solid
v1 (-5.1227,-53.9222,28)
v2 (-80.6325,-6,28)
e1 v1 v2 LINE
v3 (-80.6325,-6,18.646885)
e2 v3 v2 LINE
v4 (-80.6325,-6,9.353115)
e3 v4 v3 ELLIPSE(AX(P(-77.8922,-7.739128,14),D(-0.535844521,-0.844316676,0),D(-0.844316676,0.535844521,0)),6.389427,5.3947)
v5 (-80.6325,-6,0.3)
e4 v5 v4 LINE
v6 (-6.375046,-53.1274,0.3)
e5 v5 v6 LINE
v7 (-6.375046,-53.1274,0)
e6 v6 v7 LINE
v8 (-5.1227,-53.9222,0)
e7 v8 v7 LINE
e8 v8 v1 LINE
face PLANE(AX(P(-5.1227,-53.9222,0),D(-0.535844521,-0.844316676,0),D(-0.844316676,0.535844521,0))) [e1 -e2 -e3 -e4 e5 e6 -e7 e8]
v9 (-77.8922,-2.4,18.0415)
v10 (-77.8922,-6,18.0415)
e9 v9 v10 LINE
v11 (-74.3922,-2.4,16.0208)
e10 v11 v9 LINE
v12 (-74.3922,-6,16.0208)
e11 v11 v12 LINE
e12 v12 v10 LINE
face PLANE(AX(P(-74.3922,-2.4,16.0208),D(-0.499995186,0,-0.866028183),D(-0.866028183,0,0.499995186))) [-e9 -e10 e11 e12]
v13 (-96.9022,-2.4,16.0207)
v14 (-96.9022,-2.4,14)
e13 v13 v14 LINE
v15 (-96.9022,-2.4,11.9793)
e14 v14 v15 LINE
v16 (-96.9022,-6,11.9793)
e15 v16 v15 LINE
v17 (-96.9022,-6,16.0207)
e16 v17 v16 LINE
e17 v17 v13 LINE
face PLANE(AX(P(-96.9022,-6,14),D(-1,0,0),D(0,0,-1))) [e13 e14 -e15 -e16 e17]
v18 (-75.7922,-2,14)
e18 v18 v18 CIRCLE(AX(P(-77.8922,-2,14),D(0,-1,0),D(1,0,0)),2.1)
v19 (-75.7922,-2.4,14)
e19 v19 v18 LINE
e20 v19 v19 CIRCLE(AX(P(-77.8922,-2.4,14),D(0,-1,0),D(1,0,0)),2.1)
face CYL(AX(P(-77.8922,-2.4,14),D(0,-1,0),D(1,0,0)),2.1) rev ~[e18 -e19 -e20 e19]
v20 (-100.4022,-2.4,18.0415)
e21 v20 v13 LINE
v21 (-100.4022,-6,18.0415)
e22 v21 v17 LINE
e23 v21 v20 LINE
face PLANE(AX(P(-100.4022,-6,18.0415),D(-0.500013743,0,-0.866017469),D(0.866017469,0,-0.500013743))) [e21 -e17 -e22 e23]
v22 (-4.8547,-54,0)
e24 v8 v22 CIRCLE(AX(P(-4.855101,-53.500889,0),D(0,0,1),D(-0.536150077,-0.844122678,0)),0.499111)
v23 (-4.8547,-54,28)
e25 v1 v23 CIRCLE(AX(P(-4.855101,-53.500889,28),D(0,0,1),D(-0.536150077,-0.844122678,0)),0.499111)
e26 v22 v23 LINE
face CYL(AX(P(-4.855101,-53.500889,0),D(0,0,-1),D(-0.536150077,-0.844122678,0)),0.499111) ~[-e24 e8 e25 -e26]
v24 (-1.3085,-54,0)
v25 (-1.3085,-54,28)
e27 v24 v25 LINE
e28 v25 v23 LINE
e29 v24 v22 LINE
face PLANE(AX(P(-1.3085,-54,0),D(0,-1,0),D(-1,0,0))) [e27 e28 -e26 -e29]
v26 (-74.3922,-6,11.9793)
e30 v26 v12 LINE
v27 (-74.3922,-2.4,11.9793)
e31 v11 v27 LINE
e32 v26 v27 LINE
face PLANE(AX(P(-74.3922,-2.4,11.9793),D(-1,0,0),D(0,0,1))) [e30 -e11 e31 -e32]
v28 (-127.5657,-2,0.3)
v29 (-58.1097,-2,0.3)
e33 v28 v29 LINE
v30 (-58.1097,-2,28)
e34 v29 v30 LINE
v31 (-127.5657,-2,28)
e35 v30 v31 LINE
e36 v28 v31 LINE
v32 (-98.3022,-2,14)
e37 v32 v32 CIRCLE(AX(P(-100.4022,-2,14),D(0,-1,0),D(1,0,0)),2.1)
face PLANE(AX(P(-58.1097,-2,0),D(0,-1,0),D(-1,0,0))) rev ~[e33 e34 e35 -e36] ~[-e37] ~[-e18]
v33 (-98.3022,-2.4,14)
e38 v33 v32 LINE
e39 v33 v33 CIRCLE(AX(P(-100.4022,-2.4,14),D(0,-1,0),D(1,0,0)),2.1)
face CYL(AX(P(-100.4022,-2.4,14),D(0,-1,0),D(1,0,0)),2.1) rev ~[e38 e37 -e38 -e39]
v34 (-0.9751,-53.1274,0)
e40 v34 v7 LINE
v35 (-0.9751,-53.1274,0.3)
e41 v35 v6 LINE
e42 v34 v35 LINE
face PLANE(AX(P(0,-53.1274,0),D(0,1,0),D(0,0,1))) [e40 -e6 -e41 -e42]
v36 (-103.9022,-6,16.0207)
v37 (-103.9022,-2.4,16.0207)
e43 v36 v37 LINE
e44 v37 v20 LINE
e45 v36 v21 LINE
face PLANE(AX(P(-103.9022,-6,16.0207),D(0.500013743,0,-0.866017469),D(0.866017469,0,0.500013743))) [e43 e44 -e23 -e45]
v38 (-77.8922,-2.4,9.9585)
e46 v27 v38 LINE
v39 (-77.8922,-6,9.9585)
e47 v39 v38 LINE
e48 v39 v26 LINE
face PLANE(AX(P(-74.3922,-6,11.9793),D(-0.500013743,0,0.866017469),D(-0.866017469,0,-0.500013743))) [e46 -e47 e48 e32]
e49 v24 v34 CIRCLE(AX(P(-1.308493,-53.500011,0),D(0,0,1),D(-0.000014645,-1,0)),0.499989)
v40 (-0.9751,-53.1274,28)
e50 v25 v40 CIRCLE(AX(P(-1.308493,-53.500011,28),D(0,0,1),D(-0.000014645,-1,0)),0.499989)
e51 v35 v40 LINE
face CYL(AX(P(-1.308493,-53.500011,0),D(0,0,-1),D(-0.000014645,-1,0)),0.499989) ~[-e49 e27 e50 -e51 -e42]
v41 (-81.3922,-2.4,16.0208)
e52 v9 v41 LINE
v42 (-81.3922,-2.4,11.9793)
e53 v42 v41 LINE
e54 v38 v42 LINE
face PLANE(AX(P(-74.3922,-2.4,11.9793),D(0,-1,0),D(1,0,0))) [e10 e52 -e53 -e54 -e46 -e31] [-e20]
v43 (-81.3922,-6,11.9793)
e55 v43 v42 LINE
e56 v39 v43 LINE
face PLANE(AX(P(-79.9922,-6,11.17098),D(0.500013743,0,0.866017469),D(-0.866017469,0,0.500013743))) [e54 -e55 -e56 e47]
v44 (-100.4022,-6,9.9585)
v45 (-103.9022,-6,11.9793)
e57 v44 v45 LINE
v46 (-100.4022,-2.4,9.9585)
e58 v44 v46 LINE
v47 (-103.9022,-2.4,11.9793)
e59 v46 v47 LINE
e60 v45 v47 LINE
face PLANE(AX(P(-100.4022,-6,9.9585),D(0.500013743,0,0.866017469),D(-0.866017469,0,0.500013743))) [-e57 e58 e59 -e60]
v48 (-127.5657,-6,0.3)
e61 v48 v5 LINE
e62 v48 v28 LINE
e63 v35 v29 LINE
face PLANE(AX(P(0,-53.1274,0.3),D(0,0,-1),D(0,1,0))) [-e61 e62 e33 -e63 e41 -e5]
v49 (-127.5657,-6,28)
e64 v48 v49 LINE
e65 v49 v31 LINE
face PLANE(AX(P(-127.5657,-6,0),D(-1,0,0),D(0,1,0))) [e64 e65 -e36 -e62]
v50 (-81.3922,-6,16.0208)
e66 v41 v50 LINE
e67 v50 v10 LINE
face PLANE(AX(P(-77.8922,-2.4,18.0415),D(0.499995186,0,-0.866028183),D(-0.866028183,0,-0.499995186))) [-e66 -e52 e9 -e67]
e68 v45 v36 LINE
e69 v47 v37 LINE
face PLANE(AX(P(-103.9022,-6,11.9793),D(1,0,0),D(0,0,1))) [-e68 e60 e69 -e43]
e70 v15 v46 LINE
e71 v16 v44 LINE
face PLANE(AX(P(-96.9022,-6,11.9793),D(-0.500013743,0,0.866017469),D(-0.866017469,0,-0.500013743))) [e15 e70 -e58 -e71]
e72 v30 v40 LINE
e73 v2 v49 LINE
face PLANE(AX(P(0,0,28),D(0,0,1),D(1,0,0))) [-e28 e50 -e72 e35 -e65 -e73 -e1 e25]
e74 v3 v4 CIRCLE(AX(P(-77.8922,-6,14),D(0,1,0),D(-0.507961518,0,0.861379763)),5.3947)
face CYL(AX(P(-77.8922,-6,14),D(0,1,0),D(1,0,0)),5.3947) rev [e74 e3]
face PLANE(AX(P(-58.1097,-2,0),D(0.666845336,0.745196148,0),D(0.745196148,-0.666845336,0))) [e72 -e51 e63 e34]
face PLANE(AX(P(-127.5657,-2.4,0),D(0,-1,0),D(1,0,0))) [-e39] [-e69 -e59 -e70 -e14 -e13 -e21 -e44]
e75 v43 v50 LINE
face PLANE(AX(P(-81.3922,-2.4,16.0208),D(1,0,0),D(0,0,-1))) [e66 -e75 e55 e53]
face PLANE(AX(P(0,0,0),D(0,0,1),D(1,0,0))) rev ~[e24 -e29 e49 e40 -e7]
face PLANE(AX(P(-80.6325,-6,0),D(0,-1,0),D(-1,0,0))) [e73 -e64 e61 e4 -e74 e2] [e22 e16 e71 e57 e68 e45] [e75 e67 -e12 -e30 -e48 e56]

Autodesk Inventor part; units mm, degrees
ref_plane "YZ Plane" through (0, 0, 0) normal (1, 0, 0) x (0, 1, 0)
ref_plane "XZ Plane" through (0, 0, 0) normal (0, 1, 0) x (-1, 0, 0)
ref_plane "Work Plane1" through (0, 0, 0) normal (0, 0, 1) x (1, 0, 0)
sketch "Sketch1" plane through (0, 0, 0) normal (0, 0, 1) x (1, 0, 0)
  line L0 (-80.6325, -6) -> (-735.8557, -6) projected
  line L1 (-5.1227, -53.9222) -> (-80.6325, -6) projected
  line L2 (-1.3085, -54) -> (-4.8547, -54) projected
  line L3 (-58.1097, -2) -> (-0.9751, -53.1274) projected
  line L4 (-731.3557, -2) -> (-735.8557, -6) projected
  line L5 (-127.5657, -6) -> (-127.5657, 0)
  arc A0 (-5.1227, -53.9222) -> (-4.8547, -54) centre (-4.8547, -53.5) ccw projected
  arc A1 (-1.3085, -54) -> (-0.9751, -53.1274) centre (-1.3085, -53.5) ccw projected
  line L6 (-58.1097, -2) -> (-731.3557, -2) projected
  point P0 (0, 0)
  point P1 (-127.5657, -2)
ref_plane "Work Plane2" through (-788.7937, -153, 28) normal (0, 0, 1) x (1, 0, 0)
extrude "Extrusion1" add sketch "Sketch1" along normal up to surface (28 mm away) contours L0 L5 L6 L3 A1 L2 A0 L1
sketch "Sketch2" plane through (-127.5657, -6, 0) normal (0, -1, 0) x (1, 0, 0)
  circle A0 centre (27.1635, 14) radius 2.1 projected
  line L0 (27.1635, 14) -> (30.6635, 14)
  line L1 (30.6635, 11.9793) -> (27.1635, 9.9585)
  line L2 (27.1635, 9.9585) -> (23.6635, 11.9793)
  line L3 (23.6635, 11.9793) -> (23.6635, 16.0207)
  line L4 (23.6635, 16.0207) -> (27.1635, 18.0415)
  line L5 (27.1635, 18.0415) -> (30.6635, 16.0207)
  line L6 (30.6635, 16.0207) -> (30.6635, 11.9793)
  point P0 (127.5657, 0)
  dimension "d2" = 3.5
extrude "Extrusion2" cut sketch "Sketch2" against normal blind 3.6 contours A0 | L6 L1 L2 L3 L4 L5
sketch "Sketch3" plane through (-127.5657, -2.4, 0) normal (0, -1, 0) x (1, 0, 0)
  line L0 (27.1635, 18.0415) -> (30.6635, 16.0207) projected
  line L1 (23.6635, 16.0207) -> (27.1635, 18.0415) projected
  line L2 (23.6635, 11.9793) -> (23.6635, 16.0207) projected
  line L3 (27.1635, 9.9585) -> (23.6635, 11.9793) projected
  line L4 (30.6635, 11.9793) -> (27.1635, 9.9585) projected
  line L5 (30.6635, 16.0207) -> (30.6635, 11.9793) projected
  circle A0 centre (27.1635, 14) radius 2.1
  point P0 (127.5657, 0)
  dimension "d5" = 4.2
extrude "Extrusion3" cut sketch "Sketch3" against normal through all contours A0
sketch "Sketch4" plane through (-127.5657, -6, 0) normal (0, -1, 0) x (1, 0, 0)
  line L0 (23.6635, 16.0207) -> (27.1635, 18.0415) projected
  line L1 (27.1635, 18.0415) -> (30.6635, 16.0207) projected
  line L2 (30.6635, 16.0207) -> (30.6635, 11.9793) projected
  line L3 (30.6635, 11.9793) -> (27.1635, 9.9585) projected
  line L4 (27.1635, 9.9585) -> (23.6635, 11.9793) projected
  line L5 (23.6635, 11.9793) -> (23.6635, 16.0207) projected
  line L6 (46.9332, 28) -> (0, 28) projected
  line L7 (0, 0) -> (0, 28) projected
  line L8 (0, 0) -> (46.9332, 0) projected
  line L9 (46.9332, 0) -> (46.9332, 28) projected
  line L10 (49.6735, 14) -> (46.1735, 14)
  line L11 (46.1735, 16.0207) -> (49.6735, 18.0415)
  line L12 (49.6735, 18.0415) -> (53.1735, 16.0207)
  line L13 (53.1735, 16.0207) -> (53.1735, 11.9793)
  line L14 (53.1735, 11.9793) -> (49.6735, 9.9585)
  line L15 (49.6735, 9.9585) -> (46.1735, 11.9793)
  line L16 (46.1735, 11.9793) -> (46.1735, 16.0207)
  circle A0 centre (49.6735, 14) radius 2.1
  line L17 (47.5735, 20) -> (47.5735, 10) projected
  arc A1 (47.5735, 10) -> (51.7735, 10) centre (49.6735, 10) ccw projected
  line L18 (51.7735, 10) -> (51.7735, 20) projected
  arc A2 (51.7735, 20) -> (47.5735, 20) centre (49.6735, 20) ccw projected
  line L19 (45.6735, 10) -> (45.6735, 20) projected
  arc A3 (53.6735, 20) -> (45.6735, 20) centre (49.6735, 20) ccw projected
  line L20 (53.6735, 10) -> (53.6735, 20) projected
  arc A4 (45.6735, 10) -> (53.6735, 10) centre (49.6735, 10) ccw projected
  point P0 (127.5657, 0)
  dimension "d8" = 3.5
  dimension "d9" = 4.2
extrude "Extrusion4" cut sketch "Sketch4" against normal up to surface (3.6 mm away) contours L11 L17 L10 L9 | L9 L10 L16 L11 | L10 L17 L15 L9 | L9 L15 L16 L10 | L11 L12 L18 A0 L17 | A0 | A0 L18 L14 L15 L17 | L18 L12 L13 L14
sketch "Sketch5" plane through (-127.5657, -6, 0) normal (0, -1, 0) x (1, 0, 0)
  line L0 (46.9332, 11.5407) -> (46.1735, 11.9793) projected
  line L1 (46.1735, 11.9793) -> (46.1735, 16.0207) projected
  line L2 (46.1735, 16.0207) -> (46.9332, 16.4593) projected
  line L3 (46.9332, 16.4593) -> (46.9332, 28) projected
  line L4 (46.9332, 28) -> (0, 28) projected
  line L5 (0, 0) -> (0, 28) projected
  line L6 (0, 0) -> (46.9332, 0) projected
  line L7 (46.9332, 0) -> (46.9332, 11.5407) projected
  line L8 (23.6635, 16.0207) -> (27.1635, 18.0415) projected
  line L9 (27.1635, 18.0415) -> (30.6635, 16.0207) projected
  line L10 (30.6635, 16.0207) -> (30.6635, 11.9793) projected
  line L11 (30.6635, 11.9793) -> (27.1635, 9.9585) projected
  line L12 (27.1635, 9.9585) -> (23.6635, 11.9793) projected
  line L13 (23.6635, 11.9793) -> (23.6635, 16.0207) projected
  line L14 (53.1735, 11.9793) -> (53.1735, 16.0207) projected
  line L15 (49.6735, 9.9585) -> (53.1735, 11.9793) projected
  circle A0 centre (49.6735, 14) radius 2.1 projected
  point P0 (127.5657, 0)
extrude "Extrusion5" cut sketch "Sketch5" along normal blind 10 contours A0
sketch "Sketch6" plane through (-74.3922, -2.4, 11.9793) normal (0, -1, 0) x (1, 0, 0)
  line L0 (-7, 0) -> (-3.5, -2.0207) projected
  line L1 (-3.5, -2.0207) -> (0, 0) projected
  line L2 (0, 0) -> (0, 4.0415) projected
  line L3 (0, 4.0415) -> (-3.5, 6.0622) projected
  line L4 (-3.5, 6.0622) -> (-7, 4.0415) projected
  line L5 (-7, 4.0415) -> (-7, 0) projected
  point P0 (74.3922, -11.9793)
extrude "Extrusion6" cut sketch "Sketch6" along normal blind 10
sketch "Sketch7" plane through (-74.3922, -2.4, 11.9793) normal (0, -1, 0) x (1, 0, 0)
  circle A0 centre (-3.5, 2.0207) radius 2.1 projected
  arc A1 (-3.5, -1.9793) -> (-3.5, 6.0207) centre (-3.5, 2.0207) ccw projected
  line L0 (-26.01, -1.9793) -> (-3.5, -1.9793) projected
  line L1 (-671.6821, 16.0207) -> (3.99, 16.0207) projected
  line L2 (3.99, -58.9793) -> (3.99, 16.0207) projected
  line L3 (-671.6821, -58.9793) -> (3.99, -58.9793) projected
  line L4 (-671.6821, -58.9793) -> (-671.6821, 16.0207) projected
  arc A2 (-30.01, -1.9793) -> (-22.01, -1.9793) centre (-26.01, -1.9793) ccw projected
  line L5 (-22.01, -1.9793) -> (-22.01, 8.0207) projected
  arc A3 (-22.01, 8.0207) -> (-30.01, 8.0207) centre (-26.01, 8.0207) ccw projected
  line L6 (-30.01, 8.0207) -> (-30.01, -1.9793) projected
  arc A4 (-7.5, -1.9793) -> (0.5, -1.9793) centre (-3.5, -1.9793) ccw projected
  line L7 (0.5, -1.9793) -> (0.5, 8.0207) projected
  arc A5 (0.5, 8.0207) -> (-7.5, 8.0207) centre (-3.5, 8.0207) ccw projected
  line L8 (-7.5, 8.0207) -> (-7.5, -1.9793) projected
  point P0 (74.3922, -11.9793)
extrude "Extrusion7" cut sketch "Sketch7" against normal blind 10 contours A0
sketch "Sketch8" plane through (-127.5657, -6, 0) normal (0, -1, 0) x (1, 0, 0)
  line L0 (46.9332, 11.5407) -> (46.1735, 11.9793) projected
  line L1 (46.1735, 11.9793) -> (46.1735, 16.0207) projected
  line L2 (46.1735, 16.0207) -> (46.9332, 16.4593) projected
  line L3 (46.9332, 16.4593) -> (46.9332, 28) projected
  line L4 (46.9332, 28) -> (0, 28) projected
  line L5 (0, 0) -> (0, 28) projected
  line L6 (0, 0) -> (46.9332, 0) projected
  line L7 (46.9332, 0) -> (46.9332, 11.5407) projected
  line L8 (23.6635, 16.0207) -> (27.1635, 18.0415) projected
  line L9 (27.1635, 18.0415) -> (30.6635, 16.0207) projected
  line L10 (30.6635, 16.0207) -> (30.6635, 11.9793) projected
  line L11 (30.6635, 11.9793) -> (27.1635, 9.9585) projected
  line L12 (27.1635, 9.9585) -> (23.6635, 11.9793) projected
  line L13 (23.6635, 11.9793) -> (23.6635, 16.0207) projected
  circle A0 centre (49.6735, 14) radius 5.3947
  line L14 (47.5735, 20) -> (47.5735, 10) projected
  arc A1 (47.5735, 10) -> (51.7735, 10) centre (49.6735, 10) ccw projected
  line L15 (51.7735, 10) -> (51.7735, 20) projected
  arc A2 (51.7735, 20) -> (47.5735, 20) centre (49.6735, 20) ccw projected
  line L16 (45.6735, 10) -> (45.6735, 20) projected
  arc A3 (53.6735, 20) -> (45.6735, 20) centre (49.6735, 20) ccw projected
  line L17 (53.6735, 10) -> (53.6735, 20) projected
  arc A4 (45.6735, 10) -> (53.6735, 10) centre (49.6735, 10) ccw projected
  point P0 (127.5657, 0)
  point P1 (46.9332, 9.3532)
  point P2 (46.9332, 18.6468)
extrude "Extrusion8" cut sketch "Sketch8" along normal blind 10 contours L0 L1 L2 L3 A0 L14 A1 L7 | A1 L14 A0 L15 | A1 L15 A0 L17 | L17 A0
ref_plane "Work Plane3" through (0, -54, -47) normal (-1, 0, 0) x (0, 0, 1)
sketch "Sketch9" plane through (0, -54, -47) normal (-1, 0, 0) x (0, 0, 1)
  line L0 (0, 0.8726) -> (47, 0.8726) projected
  line L1 (0, 63) -> (0, 0.8726) projected
  line L2 (0, 63) -> (75, 63) projected
  line L3 (75, 52) -> (75, 63) projected
  line L4 (47, 52) -> (47, 0.8726) projected
  line L5 (75, 52) -> (75, 0.8726) projected
  line L6 (47, 0.8726) -> (75, 0.8726) projected
  line L7 (47, 0.8726) -> (47, 52) projected
  line L8 (47, 54) -> (75, 54) projected
  line L9 (47, 0.8726) -> (47.3, 0.8726)
  line L10 (47.3, 0.8726) -> (47.3, 54)
  line L11 (47.3, 54) -> (47, 54)
  line L12 (47, 54) -> (47, 0.8726)
  line L13 (47, 52) -> (75, 52) projected
  line L14 (47, 52) -> (75, 52) projected
  dimension "d20" = 0.3
extrude "Extrusion9" cut sketch "Sketch9" along normal up to surface (127.5657 mm away) contours L4 L13 L10 L6 | L12 L8 L10 L13
properties part number "zaślepka-1"
